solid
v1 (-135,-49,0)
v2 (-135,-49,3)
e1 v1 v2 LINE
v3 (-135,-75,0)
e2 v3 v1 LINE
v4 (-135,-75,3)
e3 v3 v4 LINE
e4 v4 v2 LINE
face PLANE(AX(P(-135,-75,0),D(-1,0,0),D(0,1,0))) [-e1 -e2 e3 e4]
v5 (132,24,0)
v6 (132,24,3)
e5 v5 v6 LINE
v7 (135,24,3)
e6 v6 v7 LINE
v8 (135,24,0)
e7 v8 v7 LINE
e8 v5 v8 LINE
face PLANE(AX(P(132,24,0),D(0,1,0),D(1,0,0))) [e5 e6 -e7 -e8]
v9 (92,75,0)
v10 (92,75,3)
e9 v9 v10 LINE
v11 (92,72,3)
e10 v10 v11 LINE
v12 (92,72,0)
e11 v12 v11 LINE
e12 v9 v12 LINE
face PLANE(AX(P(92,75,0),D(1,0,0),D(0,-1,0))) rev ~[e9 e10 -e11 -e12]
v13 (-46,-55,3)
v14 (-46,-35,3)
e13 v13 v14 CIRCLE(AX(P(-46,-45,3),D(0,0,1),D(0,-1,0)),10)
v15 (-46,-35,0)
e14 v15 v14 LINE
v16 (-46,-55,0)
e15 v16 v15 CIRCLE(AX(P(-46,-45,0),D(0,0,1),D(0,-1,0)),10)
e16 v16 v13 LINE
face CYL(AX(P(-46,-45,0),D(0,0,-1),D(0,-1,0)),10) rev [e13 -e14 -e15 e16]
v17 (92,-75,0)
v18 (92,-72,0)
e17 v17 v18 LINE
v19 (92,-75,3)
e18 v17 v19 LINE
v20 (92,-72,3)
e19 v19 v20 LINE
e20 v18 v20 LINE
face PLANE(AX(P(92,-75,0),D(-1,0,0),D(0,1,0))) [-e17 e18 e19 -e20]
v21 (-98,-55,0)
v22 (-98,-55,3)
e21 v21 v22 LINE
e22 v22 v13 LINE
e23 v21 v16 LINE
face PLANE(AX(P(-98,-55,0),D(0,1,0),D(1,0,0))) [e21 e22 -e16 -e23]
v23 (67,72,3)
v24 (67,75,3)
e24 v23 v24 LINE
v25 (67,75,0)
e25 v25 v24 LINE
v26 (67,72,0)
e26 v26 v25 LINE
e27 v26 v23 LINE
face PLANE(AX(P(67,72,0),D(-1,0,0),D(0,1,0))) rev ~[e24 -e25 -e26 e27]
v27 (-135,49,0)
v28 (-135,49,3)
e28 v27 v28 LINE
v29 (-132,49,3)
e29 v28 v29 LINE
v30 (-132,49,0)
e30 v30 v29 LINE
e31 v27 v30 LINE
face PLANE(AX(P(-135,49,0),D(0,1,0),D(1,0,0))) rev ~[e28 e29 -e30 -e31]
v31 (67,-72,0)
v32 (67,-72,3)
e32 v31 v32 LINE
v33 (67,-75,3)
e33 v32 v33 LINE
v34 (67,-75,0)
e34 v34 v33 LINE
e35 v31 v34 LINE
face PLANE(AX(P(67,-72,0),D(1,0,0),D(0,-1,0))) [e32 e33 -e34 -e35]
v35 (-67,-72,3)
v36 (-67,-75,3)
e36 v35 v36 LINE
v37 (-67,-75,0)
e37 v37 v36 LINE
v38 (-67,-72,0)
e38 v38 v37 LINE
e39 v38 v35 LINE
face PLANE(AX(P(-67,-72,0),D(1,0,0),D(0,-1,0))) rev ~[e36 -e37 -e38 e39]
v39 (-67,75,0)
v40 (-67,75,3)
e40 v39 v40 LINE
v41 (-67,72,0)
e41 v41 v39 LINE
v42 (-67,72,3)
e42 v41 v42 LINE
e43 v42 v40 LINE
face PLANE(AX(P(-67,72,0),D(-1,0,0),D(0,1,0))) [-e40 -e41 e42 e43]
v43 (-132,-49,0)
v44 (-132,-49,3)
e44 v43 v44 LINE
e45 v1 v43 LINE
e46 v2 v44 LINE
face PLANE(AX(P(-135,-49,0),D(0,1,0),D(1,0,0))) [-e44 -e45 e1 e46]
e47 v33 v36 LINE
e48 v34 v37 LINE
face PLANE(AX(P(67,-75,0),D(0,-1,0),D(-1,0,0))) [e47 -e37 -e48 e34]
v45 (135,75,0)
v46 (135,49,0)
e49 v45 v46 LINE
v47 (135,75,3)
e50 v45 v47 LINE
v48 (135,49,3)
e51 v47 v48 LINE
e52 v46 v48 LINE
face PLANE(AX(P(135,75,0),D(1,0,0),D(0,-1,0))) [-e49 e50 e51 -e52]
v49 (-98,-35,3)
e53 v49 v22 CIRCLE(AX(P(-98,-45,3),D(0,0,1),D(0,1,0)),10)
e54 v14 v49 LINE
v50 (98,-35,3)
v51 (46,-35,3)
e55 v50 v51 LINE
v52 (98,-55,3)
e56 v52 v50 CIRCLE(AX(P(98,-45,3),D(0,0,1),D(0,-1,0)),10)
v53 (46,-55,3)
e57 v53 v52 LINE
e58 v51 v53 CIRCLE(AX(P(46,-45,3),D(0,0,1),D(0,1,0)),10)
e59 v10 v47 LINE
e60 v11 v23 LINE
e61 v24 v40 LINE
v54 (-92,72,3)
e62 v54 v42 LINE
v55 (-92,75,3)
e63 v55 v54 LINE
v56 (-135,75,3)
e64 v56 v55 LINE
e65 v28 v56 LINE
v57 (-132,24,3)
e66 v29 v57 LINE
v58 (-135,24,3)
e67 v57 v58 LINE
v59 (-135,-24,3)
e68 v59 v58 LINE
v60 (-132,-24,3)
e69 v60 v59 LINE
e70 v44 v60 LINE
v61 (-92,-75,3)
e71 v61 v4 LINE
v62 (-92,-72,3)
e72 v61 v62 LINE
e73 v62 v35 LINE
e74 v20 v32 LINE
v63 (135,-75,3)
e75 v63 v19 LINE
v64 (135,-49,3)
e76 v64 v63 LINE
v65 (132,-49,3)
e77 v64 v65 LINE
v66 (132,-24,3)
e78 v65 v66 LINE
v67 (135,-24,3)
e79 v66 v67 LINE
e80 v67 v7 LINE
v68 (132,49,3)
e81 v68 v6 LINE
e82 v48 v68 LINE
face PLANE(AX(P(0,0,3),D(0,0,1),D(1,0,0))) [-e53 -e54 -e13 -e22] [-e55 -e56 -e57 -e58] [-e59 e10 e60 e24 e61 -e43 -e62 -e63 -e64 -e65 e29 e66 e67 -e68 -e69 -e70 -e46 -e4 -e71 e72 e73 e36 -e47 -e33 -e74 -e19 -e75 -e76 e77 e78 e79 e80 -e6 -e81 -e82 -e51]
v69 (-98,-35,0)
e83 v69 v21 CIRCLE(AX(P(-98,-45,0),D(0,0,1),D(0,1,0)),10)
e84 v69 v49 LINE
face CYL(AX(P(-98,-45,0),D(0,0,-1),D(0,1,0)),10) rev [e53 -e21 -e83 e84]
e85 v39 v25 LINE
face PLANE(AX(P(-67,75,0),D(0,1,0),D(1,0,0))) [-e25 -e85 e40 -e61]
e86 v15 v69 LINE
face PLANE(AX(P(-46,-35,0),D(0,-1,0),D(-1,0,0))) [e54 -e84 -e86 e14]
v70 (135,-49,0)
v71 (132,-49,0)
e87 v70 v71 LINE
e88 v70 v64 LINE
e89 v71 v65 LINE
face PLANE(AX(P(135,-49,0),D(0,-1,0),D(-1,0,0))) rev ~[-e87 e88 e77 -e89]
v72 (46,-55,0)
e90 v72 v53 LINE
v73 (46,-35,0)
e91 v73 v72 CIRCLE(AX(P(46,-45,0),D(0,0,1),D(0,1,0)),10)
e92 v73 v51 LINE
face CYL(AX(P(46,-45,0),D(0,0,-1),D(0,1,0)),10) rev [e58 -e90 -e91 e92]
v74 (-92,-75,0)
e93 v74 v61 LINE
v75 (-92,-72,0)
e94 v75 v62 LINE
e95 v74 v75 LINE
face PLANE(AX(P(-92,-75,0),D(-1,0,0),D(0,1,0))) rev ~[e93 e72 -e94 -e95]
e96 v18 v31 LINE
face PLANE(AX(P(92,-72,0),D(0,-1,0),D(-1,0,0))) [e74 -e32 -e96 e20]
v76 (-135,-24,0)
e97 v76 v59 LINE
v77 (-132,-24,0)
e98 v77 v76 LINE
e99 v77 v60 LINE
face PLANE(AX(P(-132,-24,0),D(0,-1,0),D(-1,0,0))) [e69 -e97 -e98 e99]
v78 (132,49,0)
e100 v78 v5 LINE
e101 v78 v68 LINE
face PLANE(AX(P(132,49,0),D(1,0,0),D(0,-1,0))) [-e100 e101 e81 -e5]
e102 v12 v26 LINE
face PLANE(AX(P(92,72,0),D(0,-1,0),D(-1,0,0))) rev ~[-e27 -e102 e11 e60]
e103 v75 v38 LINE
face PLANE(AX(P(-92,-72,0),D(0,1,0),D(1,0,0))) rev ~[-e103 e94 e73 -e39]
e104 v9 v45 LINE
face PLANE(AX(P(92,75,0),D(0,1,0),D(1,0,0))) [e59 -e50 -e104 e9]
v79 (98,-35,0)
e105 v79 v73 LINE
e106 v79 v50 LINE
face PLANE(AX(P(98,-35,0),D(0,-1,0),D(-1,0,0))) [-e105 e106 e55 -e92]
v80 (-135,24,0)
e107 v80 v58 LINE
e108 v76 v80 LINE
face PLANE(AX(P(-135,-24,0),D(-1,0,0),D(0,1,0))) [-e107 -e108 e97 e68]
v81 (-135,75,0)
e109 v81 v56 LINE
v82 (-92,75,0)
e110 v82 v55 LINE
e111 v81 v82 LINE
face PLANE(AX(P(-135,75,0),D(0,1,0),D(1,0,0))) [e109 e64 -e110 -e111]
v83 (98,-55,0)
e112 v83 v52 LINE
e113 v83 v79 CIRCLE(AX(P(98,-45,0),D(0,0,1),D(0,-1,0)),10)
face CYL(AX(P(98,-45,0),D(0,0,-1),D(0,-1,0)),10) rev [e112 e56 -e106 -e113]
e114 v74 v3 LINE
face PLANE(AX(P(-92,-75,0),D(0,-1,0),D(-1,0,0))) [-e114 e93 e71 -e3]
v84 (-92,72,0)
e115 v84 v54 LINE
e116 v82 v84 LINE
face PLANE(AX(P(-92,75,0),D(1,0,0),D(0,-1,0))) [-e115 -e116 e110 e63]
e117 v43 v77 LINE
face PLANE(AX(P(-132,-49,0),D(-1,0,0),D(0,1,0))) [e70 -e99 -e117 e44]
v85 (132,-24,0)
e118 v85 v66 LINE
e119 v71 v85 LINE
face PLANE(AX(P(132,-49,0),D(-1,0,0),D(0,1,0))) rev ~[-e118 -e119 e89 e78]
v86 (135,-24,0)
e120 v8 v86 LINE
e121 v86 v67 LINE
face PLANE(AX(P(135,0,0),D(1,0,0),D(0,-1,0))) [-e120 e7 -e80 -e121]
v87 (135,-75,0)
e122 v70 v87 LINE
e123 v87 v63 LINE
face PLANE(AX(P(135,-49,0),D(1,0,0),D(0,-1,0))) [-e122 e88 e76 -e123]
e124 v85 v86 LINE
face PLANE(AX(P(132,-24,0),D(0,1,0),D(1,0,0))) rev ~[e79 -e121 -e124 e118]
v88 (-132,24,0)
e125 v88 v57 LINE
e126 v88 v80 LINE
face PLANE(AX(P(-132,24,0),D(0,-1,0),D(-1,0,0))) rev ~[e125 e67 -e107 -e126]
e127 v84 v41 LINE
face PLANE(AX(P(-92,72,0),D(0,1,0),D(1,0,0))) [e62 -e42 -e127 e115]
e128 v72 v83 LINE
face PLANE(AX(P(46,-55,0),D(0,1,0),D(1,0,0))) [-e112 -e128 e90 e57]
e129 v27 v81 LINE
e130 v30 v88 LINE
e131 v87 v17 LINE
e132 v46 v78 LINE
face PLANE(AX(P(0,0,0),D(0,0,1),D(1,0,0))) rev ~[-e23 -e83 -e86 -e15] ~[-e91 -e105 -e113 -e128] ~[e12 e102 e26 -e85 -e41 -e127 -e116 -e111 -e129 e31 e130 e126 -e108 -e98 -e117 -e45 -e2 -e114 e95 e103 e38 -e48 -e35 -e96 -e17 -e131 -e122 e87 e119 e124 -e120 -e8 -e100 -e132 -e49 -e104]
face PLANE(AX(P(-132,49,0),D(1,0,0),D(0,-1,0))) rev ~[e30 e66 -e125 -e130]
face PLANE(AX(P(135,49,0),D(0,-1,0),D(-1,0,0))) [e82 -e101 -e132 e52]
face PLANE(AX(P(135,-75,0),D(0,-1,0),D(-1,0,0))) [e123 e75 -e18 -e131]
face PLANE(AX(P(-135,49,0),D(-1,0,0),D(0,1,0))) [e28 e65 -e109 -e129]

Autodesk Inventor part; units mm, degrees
ref_plane "YZ Plane" through (0, 0, 0) normal (1, 0, 0) x (0, 1, 0)
ref_plane "XZ Plane" through (0, 0, 0) normal (0, 1, 0) x (-1, 0, 0)
ref_plane "XY Plane" through (0, 0, 0) normal (0, 0, 1) x (1, 0, 0)
sketch "Sketch1" plane through (0, 0, 0) normal (0, 0, 1) x (1, 0, 0)
  line L0 (-135, 75) -> (135, 75)
  line L1 (-135, 75) -> (135, -75) construction
  line L2 (135, 75) -> (-135, -75) construction
  line L3 (-98, -45) -> (-46, -45) construction
  line L4 (-98, -55) -> (-46, -55)
  line L5 (-46, -35) -> (-98, -35)
  arc A0 (-98, -35) -> (-98, -55) centre (-98, -45) ccw
  arc A1 (-46, -55) -> (-46, -35) centre (-46, -45) ccw
  line L6 (46, -45) -> (98, -45) construction
  line L7 (46, -55) -> (98, -55)
  line L8 (98, -35) -> (46, -35)
  arc A2 (46, -35) -> (46, -55) centre (46, -45) ccw
  arc A3 (98, -55) -> (98, -35) centre (98, -45) ccw
  line L9 (135, 49) -> (132, 49)
  line L10 (132, 49) -> (132, 24)
  line L11 (132, 24) -> (135, 24)
  line L12 (135, 75) -> (135, 49)
  line L13 (0, 0) -> (166, 0)
  line L14 (135, -49) -> (132, -49)
  line L15 (132, -49) -> (132, -24)
  line L16 (132, -24) -> (135, -24)
  line L17 (135, 24) -> (135, -24)
  line L18 (135, -49) -> (135, -75)
  line L19 (-135, 49) -> (-132, 49)
  line L20 (-132, 49) -> (-132, 24)
  line L21 (-132, 24) -> (-135, 24)
  line L22 (-135, 49) -> (-135, 75)
  line L23 (-135, -49) -> (-132, -49)
  line L24 (-132, -49) -> (-132, -24)
  line L25 (-132, -24) -> (-135, -24)
  line L26 (-135, -75) -> (-135, -49)
  line L27 (-135, -24) -> (-135, 24)
  line L28 (-92, -75) -> (-92, -72)
  line L29 (-92, -72) -> (-67, -72)
  line L30 (-67, -72) -> (-67, -75)
  line L31 (-92, -75) -> (-135, -75)
  line L32 (0, 0) -> (0, 91)
  line L33 (92, -75) -> (92, -72)
  line L34 (92, -72) -> (67, -72)
  line L35 (67, -72) -> (67, -75)
  line L36 (135, -75) -> (92, -75)
  line L37 (67, -75) -> (-67, -75)
  line L38 (-92, 75) -> (-92, 72)
  line L39 (-92, 72) -> (-67, 72)
  line L40 (-67, 72) -> (-67, 75)
  line L41 (92, 75) -> (92, 72)
  line L42 (92, 72) -> (67, 72)
  line L43 (67, 72) -> (67, 75)
  point P0 (-72, -45)
  point P1 (72, -45)
  dimension "d0" = 270
  dimension "d1" = 150
  dimension "d2" = 37
  dimension "d3" = 37
  dimension "d4" = 52
  dimension "d5" = 52
  dimension "d6" = 30
  dimension "d7" = 10
  dimension "d8" = 10
  dimension "d11" = 3
  dimension "d12" = 25
  dimension "d13" = 26
  dimension "d14" = 0
  dimension "d15" = 31
  dimension "d16" = 25
  dimension "d17" = 26
  dimension "d18" = 3
  dimension "d19" = 267
  dimension "d20" = 25
  dimension "d21" = 3
  dimension "d22" = 43
  dimension "d23" = 124
  dimension "d24" = 42
extrude "Extrusion1" add sketch "Sketch1" along normal blind 3 contours L0 L38 L39 L40 L32 L13 L17 L16 L15 L14 L18 L36 L33 L34 L35 L37 L30 L29 L28 L31 L26 L23 L24 L25 L27 L21 L20 L19 L22 | L0 L43 L42 L41 L12 L9 L10 L11 L17 L13 L32
properties part number "side_part2"
